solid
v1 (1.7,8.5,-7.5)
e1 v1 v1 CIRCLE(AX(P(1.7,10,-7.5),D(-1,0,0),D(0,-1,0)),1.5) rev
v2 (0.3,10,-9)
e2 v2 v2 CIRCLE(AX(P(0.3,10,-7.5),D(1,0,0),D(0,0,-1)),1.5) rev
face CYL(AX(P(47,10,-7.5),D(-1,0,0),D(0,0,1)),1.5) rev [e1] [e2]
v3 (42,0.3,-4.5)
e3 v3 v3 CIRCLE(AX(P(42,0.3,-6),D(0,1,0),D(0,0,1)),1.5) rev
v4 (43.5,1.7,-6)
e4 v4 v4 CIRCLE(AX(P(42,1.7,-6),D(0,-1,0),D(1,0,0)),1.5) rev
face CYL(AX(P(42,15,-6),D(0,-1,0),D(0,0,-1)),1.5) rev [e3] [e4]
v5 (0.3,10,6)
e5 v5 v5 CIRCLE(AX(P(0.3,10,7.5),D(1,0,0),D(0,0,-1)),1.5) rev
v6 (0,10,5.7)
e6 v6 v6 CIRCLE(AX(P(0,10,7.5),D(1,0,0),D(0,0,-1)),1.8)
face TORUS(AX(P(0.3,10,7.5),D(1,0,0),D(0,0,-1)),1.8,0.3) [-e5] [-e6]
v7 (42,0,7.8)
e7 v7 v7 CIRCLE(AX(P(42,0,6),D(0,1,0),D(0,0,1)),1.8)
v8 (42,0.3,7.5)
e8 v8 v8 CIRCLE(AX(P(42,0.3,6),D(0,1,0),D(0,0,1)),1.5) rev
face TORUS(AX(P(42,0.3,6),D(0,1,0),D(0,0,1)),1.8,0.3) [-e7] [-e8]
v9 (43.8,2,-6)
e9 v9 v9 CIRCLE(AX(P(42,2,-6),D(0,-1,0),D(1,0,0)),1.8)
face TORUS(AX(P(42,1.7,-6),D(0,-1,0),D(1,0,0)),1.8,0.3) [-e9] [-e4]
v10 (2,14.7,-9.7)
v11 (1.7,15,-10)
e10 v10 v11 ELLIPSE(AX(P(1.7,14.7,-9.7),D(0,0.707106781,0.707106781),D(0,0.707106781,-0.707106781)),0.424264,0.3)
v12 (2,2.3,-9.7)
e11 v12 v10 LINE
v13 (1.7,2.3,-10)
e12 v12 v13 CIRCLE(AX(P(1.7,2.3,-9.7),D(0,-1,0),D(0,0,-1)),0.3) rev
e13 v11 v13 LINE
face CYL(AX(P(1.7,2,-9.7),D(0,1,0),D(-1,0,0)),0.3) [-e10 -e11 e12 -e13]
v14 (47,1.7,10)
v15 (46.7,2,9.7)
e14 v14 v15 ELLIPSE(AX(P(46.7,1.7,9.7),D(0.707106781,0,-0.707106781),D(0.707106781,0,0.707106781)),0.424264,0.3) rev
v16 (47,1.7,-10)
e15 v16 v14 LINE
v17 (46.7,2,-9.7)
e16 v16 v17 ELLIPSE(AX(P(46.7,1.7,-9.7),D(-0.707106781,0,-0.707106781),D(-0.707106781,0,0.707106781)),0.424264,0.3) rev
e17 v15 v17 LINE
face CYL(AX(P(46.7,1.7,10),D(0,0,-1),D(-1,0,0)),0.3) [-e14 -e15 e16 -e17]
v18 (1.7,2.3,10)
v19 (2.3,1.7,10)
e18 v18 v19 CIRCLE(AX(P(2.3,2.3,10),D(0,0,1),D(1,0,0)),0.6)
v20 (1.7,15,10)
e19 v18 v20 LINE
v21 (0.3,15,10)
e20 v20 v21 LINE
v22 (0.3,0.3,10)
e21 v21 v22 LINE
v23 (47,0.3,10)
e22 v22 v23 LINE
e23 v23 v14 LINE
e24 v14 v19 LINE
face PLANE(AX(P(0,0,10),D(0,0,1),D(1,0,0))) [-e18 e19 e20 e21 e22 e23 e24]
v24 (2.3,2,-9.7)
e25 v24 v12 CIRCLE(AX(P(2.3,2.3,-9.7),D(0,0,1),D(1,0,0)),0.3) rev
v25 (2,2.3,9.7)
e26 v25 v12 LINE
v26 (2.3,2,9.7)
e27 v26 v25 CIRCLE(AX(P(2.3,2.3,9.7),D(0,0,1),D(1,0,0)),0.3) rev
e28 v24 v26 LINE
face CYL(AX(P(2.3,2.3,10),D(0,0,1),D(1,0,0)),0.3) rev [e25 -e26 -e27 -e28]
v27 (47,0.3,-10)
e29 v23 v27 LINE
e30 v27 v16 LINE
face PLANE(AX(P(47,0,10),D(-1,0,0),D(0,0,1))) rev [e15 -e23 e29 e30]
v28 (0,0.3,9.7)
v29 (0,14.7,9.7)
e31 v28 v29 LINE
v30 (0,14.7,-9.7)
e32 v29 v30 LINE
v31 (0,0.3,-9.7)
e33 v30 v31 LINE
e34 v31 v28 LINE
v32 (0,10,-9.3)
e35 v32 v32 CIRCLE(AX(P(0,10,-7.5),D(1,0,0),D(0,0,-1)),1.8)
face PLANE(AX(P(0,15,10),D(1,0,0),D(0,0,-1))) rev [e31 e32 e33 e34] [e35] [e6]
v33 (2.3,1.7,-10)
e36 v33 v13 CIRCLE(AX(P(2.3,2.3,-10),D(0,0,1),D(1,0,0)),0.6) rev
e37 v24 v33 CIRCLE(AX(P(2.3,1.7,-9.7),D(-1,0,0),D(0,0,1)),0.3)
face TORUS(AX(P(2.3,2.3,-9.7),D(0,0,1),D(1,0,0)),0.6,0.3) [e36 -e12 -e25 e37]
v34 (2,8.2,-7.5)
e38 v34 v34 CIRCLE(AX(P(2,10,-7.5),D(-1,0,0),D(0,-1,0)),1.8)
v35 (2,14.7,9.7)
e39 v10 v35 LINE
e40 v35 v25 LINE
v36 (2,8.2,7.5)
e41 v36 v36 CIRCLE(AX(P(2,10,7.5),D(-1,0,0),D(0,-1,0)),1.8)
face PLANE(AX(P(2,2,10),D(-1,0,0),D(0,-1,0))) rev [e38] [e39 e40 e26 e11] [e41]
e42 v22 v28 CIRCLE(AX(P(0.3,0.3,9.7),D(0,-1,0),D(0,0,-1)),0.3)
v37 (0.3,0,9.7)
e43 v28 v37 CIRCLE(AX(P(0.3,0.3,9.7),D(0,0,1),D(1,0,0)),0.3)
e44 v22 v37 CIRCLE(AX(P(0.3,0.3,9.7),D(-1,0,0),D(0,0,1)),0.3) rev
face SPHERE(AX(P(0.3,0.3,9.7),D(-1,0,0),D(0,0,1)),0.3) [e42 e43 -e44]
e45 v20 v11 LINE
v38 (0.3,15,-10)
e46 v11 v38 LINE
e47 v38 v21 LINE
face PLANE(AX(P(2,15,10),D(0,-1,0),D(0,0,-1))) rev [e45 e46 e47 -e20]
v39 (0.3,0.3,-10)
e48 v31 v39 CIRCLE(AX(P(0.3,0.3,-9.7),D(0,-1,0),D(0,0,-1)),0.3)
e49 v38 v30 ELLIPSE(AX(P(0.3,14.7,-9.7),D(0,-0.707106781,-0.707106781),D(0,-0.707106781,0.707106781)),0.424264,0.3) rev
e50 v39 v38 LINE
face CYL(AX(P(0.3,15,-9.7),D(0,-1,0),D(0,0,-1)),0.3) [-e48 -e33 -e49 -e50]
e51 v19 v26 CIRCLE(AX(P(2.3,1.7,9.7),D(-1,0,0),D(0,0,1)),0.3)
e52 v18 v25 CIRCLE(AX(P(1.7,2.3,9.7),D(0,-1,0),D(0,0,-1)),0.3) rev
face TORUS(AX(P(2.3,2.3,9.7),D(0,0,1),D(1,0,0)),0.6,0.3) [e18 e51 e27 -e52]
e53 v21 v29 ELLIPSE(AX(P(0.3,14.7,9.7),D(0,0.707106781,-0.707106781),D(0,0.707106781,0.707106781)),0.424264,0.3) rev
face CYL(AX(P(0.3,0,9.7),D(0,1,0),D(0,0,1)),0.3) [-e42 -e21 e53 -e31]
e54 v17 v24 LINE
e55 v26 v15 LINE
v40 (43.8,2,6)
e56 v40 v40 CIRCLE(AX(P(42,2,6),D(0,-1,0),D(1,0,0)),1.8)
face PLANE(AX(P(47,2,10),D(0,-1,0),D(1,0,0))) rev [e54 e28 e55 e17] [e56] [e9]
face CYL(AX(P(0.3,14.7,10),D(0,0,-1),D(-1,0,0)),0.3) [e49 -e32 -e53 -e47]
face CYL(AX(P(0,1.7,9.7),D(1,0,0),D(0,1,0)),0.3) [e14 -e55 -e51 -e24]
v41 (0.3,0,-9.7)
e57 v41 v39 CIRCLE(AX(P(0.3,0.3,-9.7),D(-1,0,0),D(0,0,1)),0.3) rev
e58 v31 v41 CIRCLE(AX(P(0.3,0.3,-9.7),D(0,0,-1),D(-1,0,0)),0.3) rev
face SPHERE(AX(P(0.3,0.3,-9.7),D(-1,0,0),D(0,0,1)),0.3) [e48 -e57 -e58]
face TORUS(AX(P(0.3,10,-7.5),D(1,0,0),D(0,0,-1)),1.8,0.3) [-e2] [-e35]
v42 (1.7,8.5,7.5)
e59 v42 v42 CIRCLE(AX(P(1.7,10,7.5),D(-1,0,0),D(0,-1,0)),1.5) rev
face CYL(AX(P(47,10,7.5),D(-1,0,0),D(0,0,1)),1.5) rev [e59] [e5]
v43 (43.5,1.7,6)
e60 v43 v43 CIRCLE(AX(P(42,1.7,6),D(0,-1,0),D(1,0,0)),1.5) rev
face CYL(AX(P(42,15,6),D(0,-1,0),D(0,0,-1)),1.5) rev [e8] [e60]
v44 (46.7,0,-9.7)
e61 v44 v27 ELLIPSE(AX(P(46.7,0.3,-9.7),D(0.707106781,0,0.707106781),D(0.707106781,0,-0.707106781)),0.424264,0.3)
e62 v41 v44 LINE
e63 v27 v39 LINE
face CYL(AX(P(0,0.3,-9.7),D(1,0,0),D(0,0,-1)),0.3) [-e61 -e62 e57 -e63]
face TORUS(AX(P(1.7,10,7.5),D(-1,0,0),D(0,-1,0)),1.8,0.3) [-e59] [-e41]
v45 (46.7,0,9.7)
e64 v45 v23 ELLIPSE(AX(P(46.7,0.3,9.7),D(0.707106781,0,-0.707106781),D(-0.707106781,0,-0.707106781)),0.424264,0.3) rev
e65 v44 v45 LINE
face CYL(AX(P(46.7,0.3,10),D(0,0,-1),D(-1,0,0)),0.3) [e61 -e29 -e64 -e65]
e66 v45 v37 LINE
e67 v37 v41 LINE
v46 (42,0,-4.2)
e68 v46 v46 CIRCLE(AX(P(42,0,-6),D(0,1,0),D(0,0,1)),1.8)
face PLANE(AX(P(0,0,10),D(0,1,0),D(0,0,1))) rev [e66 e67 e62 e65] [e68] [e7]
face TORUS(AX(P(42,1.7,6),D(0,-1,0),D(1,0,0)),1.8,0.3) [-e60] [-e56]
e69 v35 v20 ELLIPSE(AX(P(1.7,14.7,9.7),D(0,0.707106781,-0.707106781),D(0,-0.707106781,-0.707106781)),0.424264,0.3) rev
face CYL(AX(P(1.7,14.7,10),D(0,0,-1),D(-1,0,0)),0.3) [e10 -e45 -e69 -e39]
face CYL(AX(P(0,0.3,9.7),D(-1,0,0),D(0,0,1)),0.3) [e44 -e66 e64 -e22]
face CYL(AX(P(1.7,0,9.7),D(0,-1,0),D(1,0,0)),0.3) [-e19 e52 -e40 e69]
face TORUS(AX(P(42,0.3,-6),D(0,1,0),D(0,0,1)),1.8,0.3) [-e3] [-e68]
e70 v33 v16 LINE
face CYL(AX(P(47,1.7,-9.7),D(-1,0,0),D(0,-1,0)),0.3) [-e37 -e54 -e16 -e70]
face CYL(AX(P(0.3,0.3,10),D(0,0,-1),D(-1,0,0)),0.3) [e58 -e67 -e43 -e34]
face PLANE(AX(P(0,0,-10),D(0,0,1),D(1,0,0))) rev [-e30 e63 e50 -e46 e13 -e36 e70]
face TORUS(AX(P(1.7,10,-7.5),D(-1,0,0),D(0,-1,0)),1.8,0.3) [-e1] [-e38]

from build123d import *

# Parameters (mm, degrees)
BOSS_EXTRUDE1_DEPTH = 10
SKETCH2_R           = 1.5
CUT_EXTRUDE1_DEPTH  = 48
SKETCH3_R           = 1.5
CUT_EXTRUDE2_DEPTH  = 16
FILLET1_R           = 0.3


with BuildPart() as part:
    # Sketch1 → Boss-Extrude1 (new body, symmetric)
    with BuildSketch(Plane.XY):
        Polygon((0, 0), (47, 0), (47, 2), (2, 2), (2, 15), (0, 15), align=None)
    extrude(amount=BOSS_EXTRUDE1_DEPTH, both=True)

    # Sketch2 → Cut-Extrude1 (cut, through all)
    with BuildSketch(Plane.ZY):
        with Locations((7.5, 10)):
            Circle(SKETCH2_R)
        with Locations((-7.5, 10)):
            Circle(SKETCH2_R)
    extrude(amount=-CUT_EXTRUDE1_DEPTH, mode=Mode.SUBTRACT)

    # Sketch3 → Cut-Extrude2 (cut, through all)
    with BuildSketch(Plane.XZ):
        with Locations((42, 6)):
            Circle(SKETCH3_R)
        with Locations((42, -6)):
            Circle(SKETCH3_R)
    extrude(amount=-CUT_EXTRUDE2_DEPTH, mode=Mode.SUBTRACT)

    # Fillet1
    fillet1_edges = [part.edges().sort_by_distance(p)[0] for p in [
        (0, 15, 0),
        (2, 15, 0),
        (2, 2, 0),
        (47, 2, 0),
        (47, 0, 0),
        (0, 0, 0),
        (24.5, 2, 10),
        (2, 8.5, 10),
        (2, 10, 6),
        (0, 10, 6),
        (2, 10, -9),
        (0, 10, -9),
        (40.5, 2, 6),
        (40.5, 0, 6),
        (40.5, 2, -6),
        (40.5, 0, -6),
        (0, 7.5, 10),
        (2, 8.5, -10),
        (24.5, 2, -10),
        (23.5, 0, -10),
        (0, 7.5, -10),
        (23.5, 0, 10),
    ]]
    fillet(fillet1_edges, radius=FILLET1_R)


solid = part.part
